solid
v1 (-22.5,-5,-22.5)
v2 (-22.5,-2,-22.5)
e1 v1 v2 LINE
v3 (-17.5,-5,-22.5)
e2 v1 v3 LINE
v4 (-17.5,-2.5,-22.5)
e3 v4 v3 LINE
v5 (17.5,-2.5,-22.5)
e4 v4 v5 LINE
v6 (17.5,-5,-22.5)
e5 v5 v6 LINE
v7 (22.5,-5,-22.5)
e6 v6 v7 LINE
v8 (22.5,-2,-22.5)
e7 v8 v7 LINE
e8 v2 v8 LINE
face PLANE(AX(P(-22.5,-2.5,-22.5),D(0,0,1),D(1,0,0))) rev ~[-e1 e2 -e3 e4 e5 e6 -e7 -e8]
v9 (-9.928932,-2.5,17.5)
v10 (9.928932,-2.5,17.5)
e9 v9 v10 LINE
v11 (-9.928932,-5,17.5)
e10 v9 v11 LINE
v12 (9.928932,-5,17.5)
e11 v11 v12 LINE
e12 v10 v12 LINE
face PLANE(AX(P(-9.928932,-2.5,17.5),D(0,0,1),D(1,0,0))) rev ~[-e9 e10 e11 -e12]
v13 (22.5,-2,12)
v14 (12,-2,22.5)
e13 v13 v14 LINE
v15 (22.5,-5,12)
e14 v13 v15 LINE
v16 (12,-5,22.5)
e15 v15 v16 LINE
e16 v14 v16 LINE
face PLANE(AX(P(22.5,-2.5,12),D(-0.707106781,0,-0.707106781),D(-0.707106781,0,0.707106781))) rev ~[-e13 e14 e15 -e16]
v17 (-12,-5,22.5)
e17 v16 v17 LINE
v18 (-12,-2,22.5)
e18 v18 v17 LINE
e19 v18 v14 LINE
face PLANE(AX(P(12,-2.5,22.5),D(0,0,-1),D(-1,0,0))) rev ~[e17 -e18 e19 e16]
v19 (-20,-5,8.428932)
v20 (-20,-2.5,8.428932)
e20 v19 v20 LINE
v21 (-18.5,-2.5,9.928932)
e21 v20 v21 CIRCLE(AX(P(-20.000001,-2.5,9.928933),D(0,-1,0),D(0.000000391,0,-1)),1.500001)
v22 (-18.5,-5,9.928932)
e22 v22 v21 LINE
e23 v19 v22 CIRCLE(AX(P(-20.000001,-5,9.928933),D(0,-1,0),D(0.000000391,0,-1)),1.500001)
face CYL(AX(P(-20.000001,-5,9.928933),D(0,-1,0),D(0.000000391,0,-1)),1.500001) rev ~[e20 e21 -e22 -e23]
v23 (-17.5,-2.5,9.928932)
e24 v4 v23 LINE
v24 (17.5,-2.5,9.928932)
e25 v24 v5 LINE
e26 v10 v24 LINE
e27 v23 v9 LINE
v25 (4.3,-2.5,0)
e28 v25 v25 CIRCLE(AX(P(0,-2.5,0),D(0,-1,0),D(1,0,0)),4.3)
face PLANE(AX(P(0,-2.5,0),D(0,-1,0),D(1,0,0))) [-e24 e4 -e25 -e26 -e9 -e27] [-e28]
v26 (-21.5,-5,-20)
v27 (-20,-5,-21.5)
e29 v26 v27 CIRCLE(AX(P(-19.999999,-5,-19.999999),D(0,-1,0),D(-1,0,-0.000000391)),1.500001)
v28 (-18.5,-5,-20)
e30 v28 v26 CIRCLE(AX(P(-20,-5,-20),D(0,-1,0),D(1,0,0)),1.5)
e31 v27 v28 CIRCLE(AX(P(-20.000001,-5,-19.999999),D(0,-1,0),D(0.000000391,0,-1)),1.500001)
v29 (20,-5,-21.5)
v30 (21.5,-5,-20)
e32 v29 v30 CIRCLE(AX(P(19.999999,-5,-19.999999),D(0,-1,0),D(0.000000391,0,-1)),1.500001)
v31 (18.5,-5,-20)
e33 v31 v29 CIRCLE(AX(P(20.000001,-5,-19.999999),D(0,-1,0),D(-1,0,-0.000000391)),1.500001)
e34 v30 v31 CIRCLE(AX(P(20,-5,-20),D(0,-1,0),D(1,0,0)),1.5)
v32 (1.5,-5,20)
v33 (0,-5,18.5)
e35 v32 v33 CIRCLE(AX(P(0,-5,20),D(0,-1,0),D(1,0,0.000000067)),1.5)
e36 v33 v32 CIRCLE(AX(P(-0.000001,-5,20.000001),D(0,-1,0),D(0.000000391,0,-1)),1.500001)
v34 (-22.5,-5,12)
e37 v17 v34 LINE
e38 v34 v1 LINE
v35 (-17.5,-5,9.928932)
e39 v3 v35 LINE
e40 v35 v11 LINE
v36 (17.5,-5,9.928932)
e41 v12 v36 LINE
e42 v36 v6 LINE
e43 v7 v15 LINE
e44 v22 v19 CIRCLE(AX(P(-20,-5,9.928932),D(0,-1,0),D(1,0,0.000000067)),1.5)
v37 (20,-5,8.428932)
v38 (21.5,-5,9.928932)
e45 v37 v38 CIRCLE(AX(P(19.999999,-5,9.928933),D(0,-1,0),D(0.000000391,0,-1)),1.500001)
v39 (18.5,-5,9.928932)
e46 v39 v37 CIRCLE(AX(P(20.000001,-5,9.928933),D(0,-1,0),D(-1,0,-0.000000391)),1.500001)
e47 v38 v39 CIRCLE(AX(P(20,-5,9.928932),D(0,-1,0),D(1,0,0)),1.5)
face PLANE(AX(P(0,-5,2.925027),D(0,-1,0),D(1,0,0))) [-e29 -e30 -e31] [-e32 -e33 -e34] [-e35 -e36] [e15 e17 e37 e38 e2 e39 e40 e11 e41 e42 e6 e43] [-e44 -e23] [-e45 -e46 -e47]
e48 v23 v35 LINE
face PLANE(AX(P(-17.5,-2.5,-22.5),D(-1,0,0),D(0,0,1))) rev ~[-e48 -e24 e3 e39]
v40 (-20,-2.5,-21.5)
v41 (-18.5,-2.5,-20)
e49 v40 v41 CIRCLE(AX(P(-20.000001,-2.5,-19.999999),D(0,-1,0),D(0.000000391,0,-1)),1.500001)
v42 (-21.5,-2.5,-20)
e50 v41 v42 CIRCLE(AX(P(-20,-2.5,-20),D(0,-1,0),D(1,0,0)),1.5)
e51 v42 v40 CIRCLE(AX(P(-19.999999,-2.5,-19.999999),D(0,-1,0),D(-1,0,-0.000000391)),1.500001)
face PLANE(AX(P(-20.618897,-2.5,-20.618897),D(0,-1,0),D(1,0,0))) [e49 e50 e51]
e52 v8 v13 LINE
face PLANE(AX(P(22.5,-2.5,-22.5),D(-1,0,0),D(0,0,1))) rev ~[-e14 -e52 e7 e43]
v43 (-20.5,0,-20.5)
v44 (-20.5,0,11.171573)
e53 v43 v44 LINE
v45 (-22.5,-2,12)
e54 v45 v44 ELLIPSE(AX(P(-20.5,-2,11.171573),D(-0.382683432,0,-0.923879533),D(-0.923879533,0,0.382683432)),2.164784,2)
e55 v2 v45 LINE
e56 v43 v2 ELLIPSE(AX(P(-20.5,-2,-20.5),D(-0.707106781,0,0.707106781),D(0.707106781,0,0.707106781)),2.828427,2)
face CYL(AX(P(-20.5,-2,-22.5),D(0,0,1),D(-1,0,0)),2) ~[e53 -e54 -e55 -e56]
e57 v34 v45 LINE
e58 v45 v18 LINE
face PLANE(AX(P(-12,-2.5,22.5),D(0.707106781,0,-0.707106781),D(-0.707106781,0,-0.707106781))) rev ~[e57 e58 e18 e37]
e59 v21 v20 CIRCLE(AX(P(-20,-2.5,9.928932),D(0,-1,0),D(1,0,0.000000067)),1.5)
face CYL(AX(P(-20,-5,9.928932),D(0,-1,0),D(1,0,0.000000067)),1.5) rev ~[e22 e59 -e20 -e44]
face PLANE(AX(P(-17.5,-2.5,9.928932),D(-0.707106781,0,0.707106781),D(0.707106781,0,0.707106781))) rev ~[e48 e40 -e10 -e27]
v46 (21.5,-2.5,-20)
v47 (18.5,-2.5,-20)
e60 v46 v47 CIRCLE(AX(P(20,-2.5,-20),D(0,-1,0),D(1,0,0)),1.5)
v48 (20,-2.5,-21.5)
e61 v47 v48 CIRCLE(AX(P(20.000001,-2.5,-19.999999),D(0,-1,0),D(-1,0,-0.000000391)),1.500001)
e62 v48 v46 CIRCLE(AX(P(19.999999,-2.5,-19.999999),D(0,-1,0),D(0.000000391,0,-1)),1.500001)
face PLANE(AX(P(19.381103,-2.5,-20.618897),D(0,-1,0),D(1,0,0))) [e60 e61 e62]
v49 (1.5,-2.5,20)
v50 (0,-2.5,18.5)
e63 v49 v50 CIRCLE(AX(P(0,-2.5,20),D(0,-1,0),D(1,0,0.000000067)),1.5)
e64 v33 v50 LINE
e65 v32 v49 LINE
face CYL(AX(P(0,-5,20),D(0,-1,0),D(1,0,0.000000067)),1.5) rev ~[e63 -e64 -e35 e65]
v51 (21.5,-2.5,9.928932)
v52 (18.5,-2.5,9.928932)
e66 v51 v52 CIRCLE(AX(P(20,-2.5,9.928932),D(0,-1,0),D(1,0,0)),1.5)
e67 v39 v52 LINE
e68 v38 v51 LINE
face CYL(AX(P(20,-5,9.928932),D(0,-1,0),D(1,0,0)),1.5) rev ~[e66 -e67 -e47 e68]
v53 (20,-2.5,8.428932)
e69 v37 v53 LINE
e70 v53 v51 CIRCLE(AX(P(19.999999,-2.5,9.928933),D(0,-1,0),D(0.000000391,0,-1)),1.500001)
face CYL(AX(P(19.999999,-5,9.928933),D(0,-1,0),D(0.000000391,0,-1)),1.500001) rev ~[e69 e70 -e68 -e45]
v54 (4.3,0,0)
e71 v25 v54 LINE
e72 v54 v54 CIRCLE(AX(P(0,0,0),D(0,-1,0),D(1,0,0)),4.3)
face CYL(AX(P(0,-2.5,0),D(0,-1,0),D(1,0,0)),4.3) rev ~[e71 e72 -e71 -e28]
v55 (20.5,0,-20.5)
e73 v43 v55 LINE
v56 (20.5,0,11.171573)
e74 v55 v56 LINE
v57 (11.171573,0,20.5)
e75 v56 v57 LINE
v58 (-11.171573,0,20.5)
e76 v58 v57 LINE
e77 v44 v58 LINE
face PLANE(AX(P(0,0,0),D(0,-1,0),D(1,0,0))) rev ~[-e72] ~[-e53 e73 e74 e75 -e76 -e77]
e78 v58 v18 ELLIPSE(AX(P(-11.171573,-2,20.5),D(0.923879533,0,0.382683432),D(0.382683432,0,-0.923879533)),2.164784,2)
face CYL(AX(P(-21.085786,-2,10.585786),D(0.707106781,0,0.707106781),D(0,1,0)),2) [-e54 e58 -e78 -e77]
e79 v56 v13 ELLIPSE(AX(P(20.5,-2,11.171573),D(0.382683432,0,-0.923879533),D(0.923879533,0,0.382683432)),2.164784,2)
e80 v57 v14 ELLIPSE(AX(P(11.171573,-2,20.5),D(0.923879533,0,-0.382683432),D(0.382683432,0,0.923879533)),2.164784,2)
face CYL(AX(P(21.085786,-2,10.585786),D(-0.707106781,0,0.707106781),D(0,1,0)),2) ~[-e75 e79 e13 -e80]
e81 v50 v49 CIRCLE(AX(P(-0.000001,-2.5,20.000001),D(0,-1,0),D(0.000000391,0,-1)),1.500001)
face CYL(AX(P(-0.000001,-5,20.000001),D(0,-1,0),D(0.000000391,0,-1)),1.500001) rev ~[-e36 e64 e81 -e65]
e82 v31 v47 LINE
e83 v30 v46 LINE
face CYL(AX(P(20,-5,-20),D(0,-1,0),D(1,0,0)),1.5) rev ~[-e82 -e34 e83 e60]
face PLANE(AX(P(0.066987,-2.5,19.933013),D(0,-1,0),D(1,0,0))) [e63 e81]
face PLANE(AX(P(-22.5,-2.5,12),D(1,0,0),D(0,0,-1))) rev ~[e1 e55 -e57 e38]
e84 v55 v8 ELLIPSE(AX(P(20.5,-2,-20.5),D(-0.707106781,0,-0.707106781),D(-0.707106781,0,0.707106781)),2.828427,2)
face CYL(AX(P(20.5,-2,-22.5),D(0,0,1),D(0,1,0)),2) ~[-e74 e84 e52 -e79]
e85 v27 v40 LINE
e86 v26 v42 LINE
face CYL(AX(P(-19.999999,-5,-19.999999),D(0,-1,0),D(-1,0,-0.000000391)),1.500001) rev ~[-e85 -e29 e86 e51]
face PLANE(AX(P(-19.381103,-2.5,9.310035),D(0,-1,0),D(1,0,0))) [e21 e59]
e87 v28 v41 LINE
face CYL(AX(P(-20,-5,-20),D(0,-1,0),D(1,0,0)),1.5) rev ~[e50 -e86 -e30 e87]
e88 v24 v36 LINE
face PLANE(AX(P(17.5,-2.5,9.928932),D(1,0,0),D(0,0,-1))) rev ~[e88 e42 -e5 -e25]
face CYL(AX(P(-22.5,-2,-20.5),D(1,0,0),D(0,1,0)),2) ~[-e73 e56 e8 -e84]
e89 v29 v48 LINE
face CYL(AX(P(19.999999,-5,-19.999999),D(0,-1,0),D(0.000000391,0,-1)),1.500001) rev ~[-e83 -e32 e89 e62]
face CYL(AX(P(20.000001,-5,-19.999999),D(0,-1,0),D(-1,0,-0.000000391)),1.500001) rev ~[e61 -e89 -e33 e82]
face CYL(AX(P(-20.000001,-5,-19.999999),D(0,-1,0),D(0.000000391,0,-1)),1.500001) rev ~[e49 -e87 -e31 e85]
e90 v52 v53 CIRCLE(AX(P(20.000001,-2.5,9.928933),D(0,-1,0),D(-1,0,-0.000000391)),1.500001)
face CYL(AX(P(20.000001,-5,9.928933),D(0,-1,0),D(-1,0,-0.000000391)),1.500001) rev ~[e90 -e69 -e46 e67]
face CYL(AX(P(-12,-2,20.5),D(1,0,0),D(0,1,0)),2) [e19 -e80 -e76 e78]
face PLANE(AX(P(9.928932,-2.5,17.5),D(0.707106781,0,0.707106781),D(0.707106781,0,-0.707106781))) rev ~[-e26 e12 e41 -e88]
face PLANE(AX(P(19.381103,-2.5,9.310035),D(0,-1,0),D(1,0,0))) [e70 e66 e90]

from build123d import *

# Parameters (mm, degrees)
F0_W     = 45
F0_H     = 45
F1_DEPTH = 2.5
F2_SIZE  = 10.5
F4_DEPTH = 2.5
F5_R     = 2
F3_R     = 4.3
F6_DEPTH = 25
F8_DEPTH = 2.5


with BuildPart() as f1:
    # F0 (on Front) → F1 (new body)
    with BuildSketch(Plane.XZ):
        Rectangle(F0_W, F0_H)
    extrude(amount=F1_DEPTH)

    # F2
    f2_edges = [f1.edges().sort_by_distance(p)[0] for p in [
        (-22.5, -1.25, 22.5),
        (22.5, -1.25, 22.5),
    ]]
    chamfer(f2_edges, length=F2_SIZE)

    # F3 (on face) → F4 (join)
    with BuildSketch(Plane.XZ.offset(2.5)):
        Polygon((-17.5, -22.5), (-17.5, 9.928932), (-9.928932, 17.5), (9.928932, 17.5), (17.5, 9.928932), (17.5, -22.5), (22.5, -22.5), (22.5, 12), (12, 22.5), (-12, 22.5), (-22.5, 12), (-22.5, -22.5), align=None)
    extrude(amount=F4_DEPTH)

    # F5
    f5_edges = [f1.edges().sort_by_distance(p)[0] for p in [
        (22.5, 0, -5.25),
        (17.25, 0, 17.25),
        (0, 0, -22.5),
        (0, 0, 22.5),
        (-22.5, 0, -5.25),
        (-17.25, 0, 17.25),
    ]]
    fillet(f5_edges, radius=F5_R)

    # F3 (on face) → F6 (cut)
    with BuildSketch(Plane.XZ.offset(2.5)):
        Circle(F3_R)
    extrude(amount=-F6_DEPTH, mode=Mode.SUBTRACT)

    # F7 (on face) → F8 (cut)
    with BuildSketch(Plane.XZ.offset(5)):
        with BuildLine():
            Line((20, -20), (18.5, -20))
            ThreePointArc((18.5, -20), (18.93934, -21.06066), (20, -21.5))
            Line((20, -21.5), (20, -20))
        make_face()
        with BuildLine():
            ThreePointArc((21.5, -20), (20, -18.5), (18.5, -20))
            Line((18.5, -20), (20, -20))
            Line((20, -20), (20, -21.5))
            ThreePointArc((20, -21.5), (21.06066, -21.06066), (21.5, -20))
        make_face()
        with BuildLine():
            ThreePointArc((-21.5, -20), (-21.06066, -21.06066), (-20, -21.5))
            Line((-20, -21.5), (-20, -20))
            Line((-20, -20), (-21.5, -20))
        make_face()
        with BuildLine():
            Line((-20, -20), (-20, -21.5))
            ThreePointArc((-20, -21.5), (-18.93934, -21.06066), (-18.5, -20))
            ThreePointArc((-18.5, -20), (-20, -18.5), (-21.5, -20))
            Line((-21.5, -20), (-20, -20))
        make_face()
        with BuildLine():
            ThreePointArc((-20, 8.428932), (-18.93934, 8.868272), (-18.5, 9.928932))
            Line((-18.5, 9.928932), (-20, 9.928932))
            Line((-20, 9.928932), (-20, 8.428932))
        make_face()
        with BuildLine():
            Line((-20, 9.928932), (-18.5, 9.928932))
            ThreePointArc((-18.5, 9.928932), (-21.06066, 10.989592), (-20, 8.428932))
            Line((-20, 8.428932), (-20, 9.928932))
        make_face()
        with BuildLine():
            ThreePointArc((1.5, 20), (-1.06066, 21.06066), (0, 18.5))
            ThreePointArc((0, 18.5), (1.06066, 18.93934), (1.5, 20))
        make_face()
        with BuildLine():
            Line((20, 9.928932), (18.5, 9.928932))
            ThreePointArc((18.5, 9.928932), (18.93934, 8.868272), (20, 8.428932))
            Line((20, 8.428932), (20, 9.928932))
        make_face()
        with BuildLine():
            ThreePointArc((21.5, 9.928932), (20, 11.428932), (18.5, 9.928932))
            Line((18.5, 9.928932), (20, 9.928932))
            Line((20, 9.928932), (20, 8.428932))
            ThreePointArc((20, 8.428932), (21.06066, 8.868272), (21.5, 9.928932))
        make_face()
    extrude(amount=-F8_DEPTH, mode=Mode.SUBTRACT)


solid = f1.part
